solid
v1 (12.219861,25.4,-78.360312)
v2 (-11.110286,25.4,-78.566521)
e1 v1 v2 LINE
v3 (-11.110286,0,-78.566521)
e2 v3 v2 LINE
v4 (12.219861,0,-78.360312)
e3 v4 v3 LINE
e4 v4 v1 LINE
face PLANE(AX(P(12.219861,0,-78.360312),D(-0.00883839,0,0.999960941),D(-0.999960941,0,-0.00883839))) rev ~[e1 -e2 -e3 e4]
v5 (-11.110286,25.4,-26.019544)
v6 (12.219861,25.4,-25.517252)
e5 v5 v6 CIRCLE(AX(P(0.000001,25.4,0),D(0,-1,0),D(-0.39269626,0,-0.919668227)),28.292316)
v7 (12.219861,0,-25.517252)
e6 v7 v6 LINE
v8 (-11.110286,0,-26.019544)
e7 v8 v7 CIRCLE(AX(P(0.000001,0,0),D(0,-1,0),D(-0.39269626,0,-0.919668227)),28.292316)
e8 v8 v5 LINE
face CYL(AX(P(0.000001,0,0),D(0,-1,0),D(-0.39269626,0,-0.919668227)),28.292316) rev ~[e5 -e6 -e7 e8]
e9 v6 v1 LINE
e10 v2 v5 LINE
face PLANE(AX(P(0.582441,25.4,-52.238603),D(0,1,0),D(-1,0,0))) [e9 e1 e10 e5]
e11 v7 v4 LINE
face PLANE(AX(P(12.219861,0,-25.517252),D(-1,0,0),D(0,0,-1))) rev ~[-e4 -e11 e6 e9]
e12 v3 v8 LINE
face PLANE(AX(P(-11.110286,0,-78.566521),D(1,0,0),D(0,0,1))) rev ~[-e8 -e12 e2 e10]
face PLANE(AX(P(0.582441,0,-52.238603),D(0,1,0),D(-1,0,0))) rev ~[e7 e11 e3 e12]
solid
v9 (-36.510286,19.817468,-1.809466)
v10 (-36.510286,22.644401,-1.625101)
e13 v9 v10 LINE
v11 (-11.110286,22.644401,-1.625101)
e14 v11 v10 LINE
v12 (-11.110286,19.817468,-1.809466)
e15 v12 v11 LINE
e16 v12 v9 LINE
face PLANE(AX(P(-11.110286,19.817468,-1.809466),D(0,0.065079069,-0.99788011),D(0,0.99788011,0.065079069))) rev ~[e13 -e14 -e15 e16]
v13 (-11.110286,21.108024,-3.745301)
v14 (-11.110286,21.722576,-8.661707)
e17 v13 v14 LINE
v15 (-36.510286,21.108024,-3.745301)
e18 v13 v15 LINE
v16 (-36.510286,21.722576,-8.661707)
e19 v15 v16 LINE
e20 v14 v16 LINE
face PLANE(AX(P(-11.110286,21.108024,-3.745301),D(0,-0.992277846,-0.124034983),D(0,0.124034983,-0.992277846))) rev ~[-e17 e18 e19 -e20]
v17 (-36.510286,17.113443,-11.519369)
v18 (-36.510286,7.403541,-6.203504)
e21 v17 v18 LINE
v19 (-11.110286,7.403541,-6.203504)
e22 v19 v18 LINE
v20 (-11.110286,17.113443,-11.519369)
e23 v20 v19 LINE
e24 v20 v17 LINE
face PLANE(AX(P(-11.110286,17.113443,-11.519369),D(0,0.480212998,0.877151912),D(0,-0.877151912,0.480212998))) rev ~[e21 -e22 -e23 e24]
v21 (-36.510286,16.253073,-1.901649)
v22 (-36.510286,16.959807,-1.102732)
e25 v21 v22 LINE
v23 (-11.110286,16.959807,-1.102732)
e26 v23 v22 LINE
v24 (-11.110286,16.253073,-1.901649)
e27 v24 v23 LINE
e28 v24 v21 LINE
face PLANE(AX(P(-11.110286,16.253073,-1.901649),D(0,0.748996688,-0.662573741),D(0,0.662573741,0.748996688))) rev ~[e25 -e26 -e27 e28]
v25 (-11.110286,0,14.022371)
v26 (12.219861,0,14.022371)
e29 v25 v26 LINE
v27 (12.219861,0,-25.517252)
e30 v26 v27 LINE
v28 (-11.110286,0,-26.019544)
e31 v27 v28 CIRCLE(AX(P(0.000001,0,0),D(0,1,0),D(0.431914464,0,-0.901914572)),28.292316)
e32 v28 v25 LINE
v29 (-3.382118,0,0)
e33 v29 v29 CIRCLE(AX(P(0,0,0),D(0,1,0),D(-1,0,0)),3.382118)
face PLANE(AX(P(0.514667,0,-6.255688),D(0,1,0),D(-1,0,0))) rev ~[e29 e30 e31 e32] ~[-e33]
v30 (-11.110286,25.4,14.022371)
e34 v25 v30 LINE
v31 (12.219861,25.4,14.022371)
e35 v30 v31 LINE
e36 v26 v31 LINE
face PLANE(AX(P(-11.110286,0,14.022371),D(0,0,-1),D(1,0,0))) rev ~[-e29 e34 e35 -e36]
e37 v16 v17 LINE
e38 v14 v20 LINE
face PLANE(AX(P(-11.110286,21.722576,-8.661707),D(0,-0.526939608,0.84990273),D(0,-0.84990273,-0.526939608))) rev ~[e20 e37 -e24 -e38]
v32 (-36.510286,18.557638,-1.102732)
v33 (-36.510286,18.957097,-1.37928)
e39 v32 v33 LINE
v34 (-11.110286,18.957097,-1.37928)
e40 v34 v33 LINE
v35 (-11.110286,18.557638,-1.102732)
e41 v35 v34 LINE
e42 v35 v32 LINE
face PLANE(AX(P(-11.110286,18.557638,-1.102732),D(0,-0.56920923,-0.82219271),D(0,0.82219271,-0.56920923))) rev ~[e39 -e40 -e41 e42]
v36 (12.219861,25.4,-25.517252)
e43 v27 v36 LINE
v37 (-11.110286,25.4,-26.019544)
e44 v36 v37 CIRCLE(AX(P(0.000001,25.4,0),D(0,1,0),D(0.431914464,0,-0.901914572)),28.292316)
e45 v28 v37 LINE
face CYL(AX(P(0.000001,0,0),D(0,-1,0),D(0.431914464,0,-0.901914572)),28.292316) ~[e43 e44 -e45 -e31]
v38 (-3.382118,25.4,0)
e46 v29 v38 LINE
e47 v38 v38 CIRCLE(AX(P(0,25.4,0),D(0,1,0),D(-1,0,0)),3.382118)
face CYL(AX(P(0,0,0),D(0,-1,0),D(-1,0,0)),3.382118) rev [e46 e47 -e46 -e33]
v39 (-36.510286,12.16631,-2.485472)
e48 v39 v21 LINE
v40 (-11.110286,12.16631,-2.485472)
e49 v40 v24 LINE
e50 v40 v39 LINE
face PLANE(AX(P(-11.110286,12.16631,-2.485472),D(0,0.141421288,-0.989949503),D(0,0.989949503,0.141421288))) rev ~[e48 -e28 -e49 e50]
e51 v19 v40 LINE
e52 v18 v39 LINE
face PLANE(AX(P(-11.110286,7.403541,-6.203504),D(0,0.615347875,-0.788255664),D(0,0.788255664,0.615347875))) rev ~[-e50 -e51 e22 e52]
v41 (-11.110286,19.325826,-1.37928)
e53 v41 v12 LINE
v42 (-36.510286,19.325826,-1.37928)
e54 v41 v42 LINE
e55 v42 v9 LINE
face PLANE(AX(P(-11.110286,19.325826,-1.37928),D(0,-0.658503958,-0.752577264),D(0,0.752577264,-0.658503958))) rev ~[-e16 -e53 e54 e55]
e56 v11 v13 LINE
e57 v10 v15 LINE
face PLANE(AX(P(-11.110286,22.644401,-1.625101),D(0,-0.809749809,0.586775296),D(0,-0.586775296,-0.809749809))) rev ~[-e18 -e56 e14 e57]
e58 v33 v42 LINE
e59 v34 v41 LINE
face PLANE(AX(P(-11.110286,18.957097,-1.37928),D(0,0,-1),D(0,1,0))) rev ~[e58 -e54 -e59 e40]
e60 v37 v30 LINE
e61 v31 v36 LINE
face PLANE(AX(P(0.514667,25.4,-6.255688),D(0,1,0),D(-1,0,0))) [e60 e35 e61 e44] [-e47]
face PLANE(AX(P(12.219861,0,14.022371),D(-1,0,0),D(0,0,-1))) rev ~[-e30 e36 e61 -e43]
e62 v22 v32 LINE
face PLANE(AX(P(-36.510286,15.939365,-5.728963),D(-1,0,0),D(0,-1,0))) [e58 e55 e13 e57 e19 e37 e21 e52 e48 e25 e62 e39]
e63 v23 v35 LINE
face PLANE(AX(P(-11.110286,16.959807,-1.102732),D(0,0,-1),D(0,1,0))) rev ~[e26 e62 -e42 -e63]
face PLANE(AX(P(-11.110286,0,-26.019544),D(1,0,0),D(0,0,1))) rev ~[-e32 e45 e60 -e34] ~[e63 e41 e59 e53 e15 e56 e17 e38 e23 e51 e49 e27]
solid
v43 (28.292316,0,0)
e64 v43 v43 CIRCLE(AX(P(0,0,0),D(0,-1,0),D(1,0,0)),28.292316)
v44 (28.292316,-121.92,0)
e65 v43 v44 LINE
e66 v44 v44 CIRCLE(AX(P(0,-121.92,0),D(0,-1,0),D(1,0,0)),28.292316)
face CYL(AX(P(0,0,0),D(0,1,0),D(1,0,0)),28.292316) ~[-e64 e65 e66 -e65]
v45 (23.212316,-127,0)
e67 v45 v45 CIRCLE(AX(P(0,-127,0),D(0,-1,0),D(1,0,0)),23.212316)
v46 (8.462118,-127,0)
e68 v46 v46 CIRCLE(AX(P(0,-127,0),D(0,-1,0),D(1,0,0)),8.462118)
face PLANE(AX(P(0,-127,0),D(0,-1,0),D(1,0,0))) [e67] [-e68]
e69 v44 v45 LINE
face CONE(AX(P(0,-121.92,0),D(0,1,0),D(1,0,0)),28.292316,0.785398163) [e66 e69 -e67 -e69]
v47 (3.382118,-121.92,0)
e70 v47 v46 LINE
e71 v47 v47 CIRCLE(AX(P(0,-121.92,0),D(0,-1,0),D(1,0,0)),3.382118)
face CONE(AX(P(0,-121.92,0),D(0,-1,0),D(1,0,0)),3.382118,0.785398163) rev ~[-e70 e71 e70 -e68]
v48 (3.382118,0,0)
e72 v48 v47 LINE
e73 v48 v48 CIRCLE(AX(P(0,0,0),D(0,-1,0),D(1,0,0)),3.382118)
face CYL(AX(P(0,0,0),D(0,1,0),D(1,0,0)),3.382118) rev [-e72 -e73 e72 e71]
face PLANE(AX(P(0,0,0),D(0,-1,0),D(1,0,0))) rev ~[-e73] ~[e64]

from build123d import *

# Parameters (mm, degrees)
F0_R     = 28.292316
F0_R_2   = 3.382118
F1_DEPTH = 127
F3_DEPTH = 25.4
F2_R     = 3.382118
F4_DEPTH = 25.4
F5_SIZE  = 5.08
F7_DEPTH = 25.4


with BuildPart() as f1:
    # F0 (on Front) → F1 (new body)
    with BuildSketch(Plane.XZ):
        Circle(F0_R)
        Circle(F0_R_2, mode=Mode.SUBTRACT)
    extrude(amount=F1_DEPTH)

    # F5
    f5_edges = [f1.edges().sort_by_distance(p)[0] for p in [
        (-3.382118, -127, 0),
        (-28.292316, -127, 0),
    ]]
    chamfer(f5_edges, length=F5_SIZE)


with BuildPart() as f3:
    # F2 (on face) → F3 (new body)
    with BuildSketch(Plane(origin=(0, 0, 0), x_dir=(-1, 0, 0), z_dir=(0, 1, 0))):
        with BuildLine():
            ThreePointArc((11.110286, -26.019544), (-0.608986, -28.285761), (-12.219861, -25.517252))
            Line((-12.219861, -25.517252), (-12.219861, -78.360312))
            Line((-12.219861, -78.360312), (11.110286, -78.566521))
            Line((11.110286, -78.566521), (11.110286, -26.019544))
        make_face()
    extrude(amount=F3_DEPTH)


with BuildPart() as f4:
    # F2 (on face) → F4 (new body)
    with BuildSketch(Plane(origin=(0, 0, 0), x_dir=(-1, 0, 0), z_dir=(0, 1, 0))):
        with BuildLine():
            Line((11.110286, 14.022371), (-12.219861, 14.022371))
            Line((-12.219861, 14.022371), (-12.219861, -25.517252))
            ThreePointArc((-12.219861, -25.517252), (-0.608986, -28.285761), (11.110286, -26.019544))
            Line((11.110286, -26.019544), (11.110286, 14.022371))
        make_face()
        Circle(F2_R, mode=Mode.SUBTRACT)
    extrude(amount=F4_DEPTH)

    # F6 (on face) → F7 (join)
    with BuildSketch(Plane(origin=(-11.110286, 0, 0), x_dir=(0, -1, 0), z_dir=(-1, 0, 0))):
        Polygon((-19.325826, -1.37928), (-19.817468, -1.809466), (-22.644401, -1.625101), (-21.108024, -3.745301), (-21.722576, -8.661707), (-17.113443, -11.519369), (-7.403541, -6.203504), (-12.16631, -2.485472), (-16.253073, -1.901649), (-16.959807, -1.102732), (-17.91236, -1.102732), (-18.557638, -1.102732), (-18.957097, -1.37928), align=None)
    extrude(amount=F7_DEPTH)


solid = Compound([f1.part, f3.part, f4.part])
